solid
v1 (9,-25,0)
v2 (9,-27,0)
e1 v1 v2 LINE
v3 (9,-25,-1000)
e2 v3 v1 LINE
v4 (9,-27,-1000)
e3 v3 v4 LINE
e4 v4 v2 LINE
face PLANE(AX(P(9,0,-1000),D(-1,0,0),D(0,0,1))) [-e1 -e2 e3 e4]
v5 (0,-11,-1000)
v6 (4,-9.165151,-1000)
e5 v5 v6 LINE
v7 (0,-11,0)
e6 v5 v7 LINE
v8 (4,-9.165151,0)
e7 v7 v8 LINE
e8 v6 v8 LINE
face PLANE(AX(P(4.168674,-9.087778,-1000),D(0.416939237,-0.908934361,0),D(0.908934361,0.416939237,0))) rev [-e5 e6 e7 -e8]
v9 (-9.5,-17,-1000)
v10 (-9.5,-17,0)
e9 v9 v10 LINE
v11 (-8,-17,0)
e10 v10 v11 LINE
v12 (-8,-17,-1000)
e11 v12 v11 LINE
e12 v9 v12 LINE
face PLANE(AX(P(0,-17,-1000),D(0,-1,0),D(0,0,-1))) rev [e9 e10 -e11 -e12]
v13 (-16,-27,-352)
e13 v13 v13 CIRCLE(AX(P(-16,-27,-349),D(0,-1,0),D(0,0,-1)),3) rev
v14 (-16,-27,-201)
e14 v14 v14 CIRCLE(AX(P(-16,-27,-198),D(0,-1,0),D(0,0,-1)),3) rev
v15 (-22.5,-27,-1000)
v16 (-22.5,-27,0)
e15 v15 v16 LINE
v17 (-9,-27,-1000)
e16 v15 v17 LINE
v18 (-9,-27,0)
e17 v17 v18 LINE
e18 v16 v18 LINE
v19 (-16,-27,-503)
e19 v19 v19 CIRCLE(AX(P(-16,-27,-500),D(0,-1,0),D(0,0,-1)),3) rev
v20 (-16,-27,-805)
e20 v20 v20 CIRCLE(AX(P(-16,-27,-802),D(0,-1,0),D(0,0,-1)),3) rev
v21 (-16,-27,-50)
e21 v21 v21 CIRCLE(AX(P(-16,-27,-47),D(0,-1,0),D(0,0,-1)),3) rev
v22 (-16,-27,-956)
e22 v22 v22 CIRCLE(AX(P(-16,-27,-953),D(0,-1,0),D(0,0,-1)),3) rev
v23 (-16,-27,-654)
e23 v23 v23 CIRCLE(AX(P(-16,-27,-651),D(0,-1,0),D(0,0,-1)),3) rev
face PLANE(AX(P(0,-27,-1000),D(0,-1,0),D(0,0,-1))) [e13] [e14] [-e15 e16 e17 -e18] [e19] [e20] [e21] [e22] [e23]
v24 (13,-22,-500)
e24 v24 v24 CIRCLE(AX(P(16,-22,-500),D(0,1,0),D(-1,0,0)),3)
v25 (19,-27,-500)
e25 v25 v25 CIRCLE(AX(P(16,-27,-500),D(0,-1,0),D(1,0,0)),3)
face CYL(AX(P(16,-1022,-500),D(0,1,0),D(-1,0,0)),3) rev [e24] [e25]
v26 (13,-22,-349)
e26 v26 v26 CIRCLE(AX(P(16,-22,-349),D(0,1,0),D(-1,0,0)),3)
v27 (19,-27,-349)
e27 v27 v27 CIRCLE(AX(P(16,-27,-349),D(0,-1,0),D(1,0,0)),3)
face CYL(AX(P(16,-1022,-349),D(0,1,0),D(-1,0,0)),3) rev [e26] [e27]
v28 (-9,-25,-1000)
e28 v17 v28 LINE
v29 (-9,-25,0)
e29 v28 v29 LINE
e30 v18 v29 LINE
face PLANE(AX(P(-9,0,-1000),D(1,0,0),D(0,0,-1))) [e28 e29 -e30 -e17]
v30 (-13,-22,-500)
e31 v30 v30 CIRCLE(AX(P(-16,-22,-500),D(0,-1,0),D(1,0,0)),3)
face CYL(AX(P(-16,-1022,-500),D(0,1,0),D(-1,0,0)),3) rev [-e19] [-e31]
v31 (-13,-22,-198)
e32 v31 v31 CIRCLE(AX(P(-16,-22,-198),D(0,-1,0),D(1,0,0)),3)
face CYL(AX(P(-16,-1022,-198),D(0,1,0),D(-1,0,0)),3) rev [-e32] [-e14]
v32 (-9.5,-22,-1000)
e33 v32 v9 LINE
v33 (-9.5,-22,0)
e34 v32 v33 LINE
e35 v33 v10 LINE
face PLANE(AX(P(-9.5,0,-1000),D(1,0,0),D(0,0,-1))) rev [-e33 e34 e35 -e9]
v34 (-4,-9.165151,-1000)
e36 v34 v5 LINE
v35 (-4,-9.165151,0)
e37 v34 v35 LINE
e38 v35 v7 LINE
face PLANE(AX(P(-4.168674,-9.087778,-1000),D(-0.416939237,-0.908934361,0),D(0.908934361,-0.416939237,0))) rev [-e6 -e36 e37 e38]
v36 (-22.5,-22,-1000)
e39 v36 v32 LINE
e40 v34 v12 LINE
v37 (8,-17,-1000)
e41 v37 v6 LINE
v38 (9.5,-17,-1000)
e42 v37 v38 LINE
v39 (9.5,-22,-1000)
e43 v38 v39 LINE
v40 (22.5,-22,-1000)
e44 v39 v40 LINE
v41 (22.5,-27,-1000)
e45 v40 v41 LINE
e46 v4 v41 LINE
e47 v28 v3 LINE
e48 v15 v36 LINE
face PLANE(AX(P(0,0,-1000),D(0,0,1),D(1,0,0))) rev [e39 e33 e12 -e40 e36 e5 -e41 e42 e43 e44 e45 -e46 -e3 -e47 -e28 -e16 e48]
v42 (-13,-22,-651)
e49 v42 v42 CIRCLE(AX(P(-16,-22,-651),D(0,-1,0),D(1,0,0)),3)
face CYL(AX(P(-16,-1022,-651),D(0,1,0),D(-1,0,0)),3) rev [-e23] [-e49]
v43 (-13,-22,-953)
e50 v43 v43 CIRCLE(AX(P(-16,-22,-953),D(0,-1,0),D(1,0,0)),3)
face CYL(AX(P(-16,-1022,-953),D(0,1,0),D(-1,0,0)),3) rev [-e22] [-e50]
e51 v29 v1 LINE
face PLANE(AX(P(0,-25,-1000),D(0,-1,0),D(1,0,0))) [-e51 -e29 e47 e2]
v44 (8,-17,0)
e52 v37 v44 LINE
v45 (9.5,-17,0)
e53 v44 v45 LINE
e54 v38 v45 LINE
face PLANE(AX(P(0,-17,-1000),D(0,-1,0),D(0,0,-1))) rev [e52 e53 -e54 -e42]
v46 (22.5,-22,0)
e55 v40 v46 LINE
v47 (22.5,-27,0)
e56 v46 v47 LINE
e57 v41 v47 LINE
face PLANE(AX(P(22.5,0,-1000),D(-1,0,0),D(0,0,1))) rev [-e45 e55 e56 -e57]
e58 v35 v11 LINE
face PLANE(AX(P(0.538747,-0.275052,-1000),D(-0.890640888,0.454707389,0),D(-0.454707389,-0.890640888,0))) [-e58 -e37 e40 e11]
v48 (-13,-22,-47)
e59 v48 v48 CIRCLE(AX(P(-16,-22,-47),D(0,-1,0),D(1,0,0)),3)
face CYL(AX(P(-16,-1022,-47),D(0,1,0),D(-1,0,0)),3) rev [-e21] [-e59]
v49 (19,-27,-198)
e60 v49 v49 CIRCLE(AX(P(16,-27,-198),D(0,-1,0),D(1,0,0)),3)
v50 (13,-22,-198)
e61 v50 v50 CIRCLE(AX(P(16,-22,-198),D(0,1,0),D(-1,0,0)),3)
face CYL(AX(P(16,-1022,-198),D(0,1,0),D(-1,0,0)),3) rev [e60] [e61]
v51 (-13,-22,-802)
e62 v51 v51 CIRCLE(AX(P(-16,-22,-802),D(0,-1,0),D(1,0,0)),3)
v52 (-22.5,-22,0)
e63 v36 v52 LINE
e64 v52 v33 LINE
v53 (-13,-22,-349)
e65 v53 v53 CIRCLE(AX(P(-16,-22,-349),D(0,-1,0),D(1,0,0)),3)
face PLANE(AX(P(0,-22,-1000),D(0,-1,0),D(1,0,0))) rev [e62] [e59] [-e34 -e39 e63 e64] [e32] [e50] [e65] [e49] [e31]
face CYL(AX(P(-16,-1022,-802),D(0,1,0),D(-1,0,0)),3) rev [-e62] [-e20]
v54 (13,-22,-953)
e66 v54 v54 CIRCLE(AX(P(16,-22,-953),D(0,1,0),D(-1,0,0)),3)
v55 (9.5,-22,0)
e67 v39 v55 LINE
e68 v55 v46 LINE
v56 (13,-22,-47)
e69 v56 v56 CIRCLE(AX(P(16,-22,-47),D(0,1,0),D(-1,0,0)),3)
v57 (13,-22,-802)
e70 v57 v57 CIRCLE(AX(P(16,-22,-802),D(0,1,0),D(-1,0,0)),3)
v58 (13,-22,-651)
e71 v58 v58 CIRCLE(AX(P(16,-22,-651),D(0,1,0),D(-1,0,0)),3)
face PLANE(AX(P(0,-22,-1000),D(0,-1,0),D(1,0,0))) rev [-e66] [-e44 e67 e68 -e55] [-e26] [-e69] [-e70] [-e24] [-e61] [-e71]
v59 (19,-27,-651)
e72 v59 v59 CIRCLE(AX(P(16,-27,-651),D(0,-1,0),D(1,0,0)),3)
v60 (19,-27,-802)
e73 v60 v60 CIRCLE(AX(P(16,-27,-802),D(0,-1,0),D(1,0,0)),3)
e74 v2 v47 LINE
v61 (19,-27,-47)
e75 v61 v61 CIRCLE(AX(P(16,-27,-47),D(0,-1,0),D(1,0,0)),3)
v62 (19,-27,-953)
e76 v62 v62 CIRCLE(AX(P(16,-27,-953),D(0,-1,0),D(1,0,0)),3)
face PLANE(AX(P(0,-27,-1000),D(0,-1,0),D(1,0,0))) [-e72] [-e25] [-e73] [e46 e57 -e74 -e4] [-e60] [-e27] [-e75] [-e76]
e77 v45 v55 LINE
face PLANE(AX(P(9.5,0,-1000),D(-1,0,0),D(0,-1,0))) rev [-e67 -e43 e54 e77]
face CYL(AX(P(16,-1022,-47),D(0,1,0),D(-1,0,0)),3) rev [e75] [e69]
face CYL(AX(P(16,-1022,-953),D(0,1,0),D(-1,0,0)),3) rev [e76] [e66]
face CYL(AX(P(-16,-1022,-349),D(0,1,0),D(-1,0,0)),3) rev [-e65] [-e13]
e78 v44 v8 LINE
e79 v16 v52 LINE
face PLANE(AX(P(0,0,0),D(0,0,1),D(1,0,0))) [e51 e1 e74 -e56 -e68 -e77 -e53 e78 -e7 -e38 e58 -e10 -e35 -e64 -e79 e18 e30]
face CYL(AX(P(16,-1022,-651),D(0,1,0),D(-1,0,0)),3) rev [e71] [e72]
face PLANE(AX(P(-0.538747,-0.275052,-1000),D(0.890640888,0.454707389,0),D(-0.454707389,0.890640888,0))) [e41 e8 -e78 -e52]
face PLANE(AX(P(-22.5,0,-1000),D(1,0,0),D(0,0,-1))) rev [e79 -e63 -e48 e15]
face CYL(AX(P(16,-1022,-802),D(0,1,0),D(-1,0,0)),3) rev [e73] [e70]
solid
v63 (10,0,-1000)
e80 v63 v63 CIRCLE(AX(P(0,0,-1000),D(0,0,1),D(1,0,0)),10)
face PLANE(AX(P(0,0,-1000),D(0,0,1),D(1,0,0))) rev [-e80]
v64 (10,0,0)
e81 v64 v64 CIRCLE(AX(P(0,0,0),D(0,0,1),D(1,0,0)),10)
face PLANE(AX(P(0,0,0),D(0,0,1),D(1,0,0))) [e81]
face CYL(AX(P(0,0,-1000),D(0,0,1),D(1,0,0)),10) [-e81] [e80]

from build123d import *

# Parameters (mm, degrees)
SKETCH1_R             = 10
BOSS_EXTRUDE1_DEPTH   = 1000
BOSS_EXTRUDE1_2_DEPTH = 1000
SKETCH2_R             = 3
CUT_EXTRUDE1_DEPTH    = 1000


with BuildPart() as part:
    # Sketch1 → Boss-Extrude1 (new body)
    with BuildSketch(Plane.XY):
        Circle(SKETCH1_R)
    extrude(amount=-BOSS_EXTRUDE1_DEPTH)


with BuildPart() as body_2:
    # Sketch1 → Boss-Extrude1 2 (new body)
    with BuildSketch(Plane.XY):
        Polygon((-22.5, -27), (-9, -27), (-9, -25), (9, -25), (9, -27), (22.5, -27), (22.5, -22), (9.5, -22), (9.5, -17), (8, -17), (4, -9.16515139), (0, -11), (-4, -9.16515139), (-8, -17), (-9.5, -17), (-9.5, -22), (-22.5, -22), align=None)
    extrude(amount=-BOSS_EXTRUDE1_2_DEPTH)

    # Sketch2 → Cut-Extrude1 (cut)
    with BuildSketch(Plane(origin=(0, -22, 0), x_dir=(1, 0, 0), z_dir=(0, 1, 0))):
        with Locations(Location((16, 47, 0), (0, 0, 180))):
            Circle(SKETCH2_R)
        with Locations(Location((16, 198, 0), (0, 0, 180))):
            Circle(SKETCH2_R)
        with Locations(Location((16, 349, 0), (0, 0, 180))):
            Circle(SKETCH2_R)
        with Locations(Location((16, 500, 0), (0, 0, 180))):
            Circle(SKETCH2_R)
        with Locations(Location((16, 651, 0), (0, 0, 180))):
            Circle(SKETCH2_R)
        with Locations(Location((16, 802, 0), (0, 0, 180))):
            Circle(SKETCH2_R)
        with Locations(Location((16, 953, 0), (0, 0, 180))):
            Circle(SKETCH2_R)
    cut_extrude1 = extrude(amount=-CUT_EXTRUDE1_DEPTH, mode=Mode.SUBTRACT)

    # Mirror1: Cut-Extrude1 across plane
    add(cut_extrude1.mirror(Plane(origin=(0, 0, 0), x_dir=(0, 0, 1), z_dir=(1, 0, 0))), mode=Mode.SUBTRACT)


solid = Compound([part.part, body_2.part])
